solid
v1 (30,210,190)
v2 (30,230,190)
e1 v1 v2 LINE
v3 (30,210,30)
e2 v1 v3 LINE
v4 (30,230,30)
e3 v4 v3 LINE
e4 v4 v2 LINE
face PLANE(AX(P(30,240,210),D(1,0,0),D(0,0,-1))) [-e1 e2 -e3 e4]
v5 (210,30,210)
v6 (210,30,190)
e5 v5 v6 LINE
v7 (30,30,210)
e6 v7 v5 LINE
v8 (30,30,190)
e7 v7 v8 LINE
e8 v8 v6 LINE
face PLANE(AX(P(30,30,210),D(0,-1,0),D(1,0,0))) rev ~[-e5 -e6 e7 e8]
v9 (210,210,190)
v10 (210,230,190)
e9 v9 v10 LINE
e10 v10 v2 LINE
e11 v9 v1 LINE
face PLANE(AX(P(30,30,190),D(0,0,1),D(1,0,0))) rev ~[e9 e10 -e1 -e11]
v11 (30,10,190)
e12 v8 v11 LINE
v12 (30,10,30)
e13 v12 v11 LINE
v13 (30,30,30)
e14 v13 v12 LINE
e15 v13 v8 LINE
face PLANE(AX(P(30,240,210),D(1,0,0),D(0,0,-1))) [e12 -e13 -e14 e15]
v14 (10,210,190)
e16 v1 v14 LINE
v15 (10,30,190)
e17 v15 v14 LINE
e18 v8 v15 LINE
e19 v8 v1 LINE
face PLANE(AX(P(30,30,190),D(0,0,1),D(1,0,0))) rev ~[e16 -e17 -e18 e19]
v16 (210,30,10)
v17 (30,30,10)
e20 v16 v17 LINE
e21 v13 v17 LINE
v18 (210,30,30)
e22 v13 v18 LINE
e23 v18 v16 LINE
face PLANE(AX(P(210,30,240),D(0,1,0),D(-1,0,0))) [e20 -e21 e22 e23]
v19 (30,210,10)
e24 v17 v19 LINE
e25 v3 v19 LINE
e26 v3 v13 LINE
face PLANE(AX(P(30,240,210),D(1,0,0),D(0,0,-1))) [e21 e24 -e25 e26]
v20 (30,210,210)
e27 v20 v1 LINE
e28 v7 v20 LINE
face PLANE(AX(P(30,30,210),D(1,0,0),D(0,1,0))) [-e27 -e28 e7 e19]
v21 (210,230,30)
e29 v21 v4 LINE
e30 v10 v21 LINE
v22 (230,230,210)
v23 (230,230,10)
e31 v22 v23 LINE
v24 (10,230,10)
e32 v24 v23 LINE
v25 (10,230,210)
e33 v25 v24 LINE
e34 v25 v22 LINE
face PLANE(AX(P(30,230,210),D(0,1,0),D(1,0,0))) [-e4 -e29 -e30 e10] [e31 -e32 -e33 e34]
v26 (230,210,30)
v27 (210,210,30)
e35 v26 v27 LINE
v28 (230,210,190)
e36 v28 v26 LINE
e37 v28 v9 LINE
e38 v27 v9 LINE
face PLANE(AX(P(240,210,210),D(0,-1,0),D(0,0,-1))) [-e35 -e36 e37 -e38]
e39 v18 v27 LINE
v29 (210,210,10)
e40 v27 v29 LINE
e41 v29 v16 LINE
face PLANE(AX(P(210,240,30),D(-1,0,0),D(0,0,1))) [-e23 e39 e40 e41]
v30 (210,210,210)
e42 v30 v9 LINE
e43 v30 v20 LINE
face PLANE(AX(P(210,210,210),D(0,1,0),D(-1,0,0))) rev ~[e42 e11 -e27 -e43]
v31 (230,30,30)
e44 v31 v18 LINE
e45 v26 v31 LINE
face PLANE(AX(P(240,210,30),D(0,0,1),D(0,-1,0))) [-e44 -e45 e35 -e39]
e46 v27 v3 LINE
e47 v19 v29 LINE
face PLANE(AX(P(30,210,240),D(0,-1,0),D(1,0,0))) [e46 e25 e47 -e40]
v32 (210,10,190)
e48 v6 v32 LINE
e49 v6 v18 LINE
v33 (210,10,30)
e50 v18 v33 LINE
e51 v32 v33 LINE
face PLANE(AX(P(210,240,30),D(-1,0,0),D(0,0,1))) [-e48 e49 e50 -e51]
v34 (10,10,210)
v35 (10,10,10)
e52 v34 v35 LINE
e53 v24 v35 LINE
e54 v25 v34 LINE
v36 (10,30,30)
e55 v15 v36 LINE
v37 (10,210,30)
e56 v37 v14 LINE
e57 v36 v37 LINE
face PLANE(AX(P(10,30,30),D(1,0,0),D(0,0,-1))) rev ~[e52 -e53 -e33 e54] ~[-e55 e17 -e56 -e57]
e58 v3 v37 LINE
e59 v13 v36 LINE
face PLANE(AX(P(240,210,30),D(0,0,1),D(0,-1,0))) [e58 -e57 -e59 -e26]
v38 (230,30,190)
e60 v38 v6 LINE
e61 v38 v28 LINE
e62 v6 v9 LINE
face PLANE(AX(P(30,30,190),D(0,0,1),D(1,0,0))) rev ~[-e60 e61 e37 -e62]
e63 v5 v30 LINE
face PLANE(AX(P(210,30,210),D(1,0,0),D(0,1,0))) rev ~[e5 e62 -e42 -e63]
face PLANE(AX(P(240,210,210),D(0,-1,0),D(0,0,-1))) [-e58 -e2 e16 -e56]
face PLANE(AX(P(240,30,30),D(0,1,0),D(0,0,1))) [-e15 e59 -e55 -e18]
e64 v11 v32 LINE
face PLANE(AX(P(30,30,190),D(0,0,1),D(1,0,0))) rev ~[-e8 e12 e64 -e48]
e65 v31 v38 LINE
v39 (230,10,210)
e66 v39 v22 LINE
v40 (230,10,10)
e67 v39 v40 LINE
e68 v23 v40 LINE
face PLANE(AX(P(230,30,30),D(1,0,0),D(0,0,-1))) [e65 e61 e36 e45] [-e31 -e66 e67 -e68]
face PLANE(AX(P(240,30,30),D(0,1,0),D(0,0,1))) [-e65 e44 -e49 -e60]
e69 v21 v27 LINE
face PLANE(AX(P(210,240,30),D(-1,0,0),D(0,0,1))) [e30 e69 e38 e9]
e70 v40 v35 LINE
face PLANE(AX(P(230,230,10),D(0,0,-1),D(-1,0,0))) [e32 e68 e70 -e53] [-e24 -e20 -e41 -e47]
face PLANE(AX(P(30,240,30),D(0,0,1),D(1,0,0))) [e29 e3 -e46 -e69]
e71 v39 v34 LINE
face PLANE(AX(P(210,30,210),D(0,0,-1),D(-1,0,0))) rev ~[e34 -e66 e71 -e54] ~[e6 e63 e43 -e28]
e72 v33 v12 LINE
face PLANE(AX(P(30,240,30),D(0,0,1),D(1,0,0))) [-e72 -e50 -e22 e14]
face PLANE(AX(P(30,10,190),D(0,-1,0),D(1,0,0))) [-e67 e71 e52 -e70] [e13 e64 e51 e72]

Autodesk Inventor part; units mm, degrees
ref_plane "YZ Plane" through (0, 0, 0) normal (1, 0, 0) x (0, 1, 0)
ref_plane "XZ Plane" through (0, 0, 0) normal (0, 1, 0) x (-1, 0, 0)
ref_plane "XY Plane" through (0, 0, 0) normal (0, 0, 1) x (1, 0, 0)
sketch "Sketch1" plane through (0, 0, 0) normal (0, 0, 1) x (1, 0, 0)
  line L0 (0, 0) -> (240, 0)
  line L1 (240, 0) -> (240, 240)
  line L2 (240, 240) -> (0, 240)
  line L3 (0, 240) -> (0, 0)
  dimension "d0" = 240
  dimension "d1" = 240
extrude "Extrusion1" add sketch "Sketch1" along normal blind 240
sketch "Sketch2" plane through (0, 0, 240) normal (0, 0, 1) x (1, 0, 0)
  line L0 (30, 210) -> (210, 210)
  line L1 (210, 210) -> (210, 30)
  line L2 (210, 30) -> (30, 30)
  line L3 (30, 30) -> (30, 210)
  line L4 (240, 240) -> (0, 240) projected
  line L5 (0, 240) -> (0, 0) projected
  line L6 (240, 0) -> (240, 240) projected
  line L7 (0, 0) -> (240, 0) projected
  dimension "d4" = 30
  dimension "d5" = 30
  dimension "d6" = 30
  dimension "d7" = 30
extrude "Extrusion2" cut sketch "Sketch2" against normal blind 500 contours L0 L1 L2 L3
sketch "Sketch3" plane through (0, 240, 0) normal (0, 1, 0) x (1, 0, 0)
  line L0 (30, -30) -> (210, -30)
  line L1 (210, -30) -> (210, -210)
  line L2 (210, -210) -> (30, -210)
  line L3 (30, -210) -> (30, -30)
  line L4 (240, 0) -> (0, 0) projected
  line L5 (0, 0) -> (0, -240) projected
  line L6 (240, 0) -> (240, -240) projected
  line L7 (240, -240) -> (0, -240) projected
  dimension "d10" = 30
  dimension "d11" = 30
  dimension "d12" = 30
  dimension "d13" = 30
extrude "Extrusion3" cut sketch "Sketch3" against normal blind 500 contours L0 L1 L2 L3
sketch "Sketch4" plane through (240, 0, 0) normal (1, 0, 0) x (0, 0, -1)
  line L0 (-240, 210) -> (-210, 210) projected
  line L1 (-30, 30) -> (-30, 0) projected
  line L2 (-210, 210) -> (-30, 210)
  line L3 (-30, 210) -> (-30, 30)
  line L4 (-30, 30) -> (-210, 30)
  line L5 (-210, 30) -> (-210, 210)
  point P0 (0, 0)
extrude "Extrusion4" cut sketch "Sketch4" against normal blind 500
sketch "Sketch5" plane through (0, 0, 240) normal (0, 0, 1) x (1, 0, 0)
  line L0 (0, 0) -> (240, 0) projected
  line L1 (240, 240) -> (0, 240) projected
  line L2 (0, 0) -> (10, 0)
  line L3 (10, 0) -> (10, 240)
  line L4 (10, 240) -> (0, 240)
  line L5 (0, 240) -> (0, 0)
  line L6 (10, 240) -> (240, 240)
  line L7 (240, 240) -> (240, 230)
  line L8 (240, 230) -> (10, 230)
  line L9 (10, 230) -> (10, 240)
  line L10 (10, 0) -> (240, 0)
  line L11 (240, 0) -> (240, 10)
  line L12 (240, 10) -> (10, 10)
  line L13 (10, 10) -> (10, 0)
  line L14 (240, 230) -> (230, 230)
  line L15 (230, 230) -> (230, 10)
  line L16 (230, 10) -> (240, 10)
  line L17 (240, 10) -> (240, 230)
  dimension "d18" = 10
  dimension "d19" = 10
  dimension "d20" = 10
  dimension "d21" = 10
extrude "Extrusion5" cut sketch "Sketch5" against normal blind 900 contours L5 L1 L3 L0 | L3 L12 L11 L0 | L1 L7 L8 L3 | L12 L15 L8 L17
sketch "Sketch6" plane through (10, 230, 240) normal (0, 1, 0) x (1, 0, 0)
  line L0 (0, 240) -> (220.3242, 240)
  line L1 (220.3242, 240) -> (220.3242, 230)
  line L2 (220.3242, 230) -> (0, 230)
  line L3 (0, 230) -> (0, 240)
  line L4 (0, 0) -> (220, 0) projected
  line L5 (220, 0) -> (220, 240) projected
  line L6 (0, 0) -> (220, 0)
  line L7 (220, 0) -> (220, 10)
  line L8 (220, 10) -> (0, 10)
  line L9 (0, 10) -> (0, 0)
  point P0 (-10, 240)
  dimension "d24" = 10
  dimension "d25" = 10
extrude "Extrusion6" cut sketch "Sketch6" against normal blind 900
sketch "Sketch10" plane through (10, 230, 230) normal (0, 1, 0) x (1, 0, 0)
  line L0 (0, 0) -> (0, 220) projected
  line L1 (220, 20) -> (200, 20) projected
  line L2 (0, 0) -> (220, 0)
  line L3 (220, 0) -> (220, 20)
  line L4 (220, 20) -> (0, 20)
  line L5 (0, 20) -> (0, 0)
  point P0 (-10, 230)
extrude "Extrusion7" cut sketch "Sketch10" against normal blind 900
sketch "Sketch11" plane through (230, 30, 30) normal (1, 0, 0) x (0, 0, -1)
  line L0 (-180, 0) -> (0, 0) projected
  line L1 (0, 180) -> (-180, 180) projected
  line L2 (-180, 0) -> (-160, 0)
  line L3 (-160, 0) -> (-160, 180)
  line L4 (-160, 180) -> (-180, 180)
  line L5 (-180, 180) -> (-180, 0)
  point P0 (30, -30)
  dimension "d31" = 20
extrude "Extrusion8" add sketch "Sketch11" against normal blind 220
sketch "Sketch12" plane through (30, 210, 210) normal (0, 1, 0) x (1, 0, 0)
  line L0 (180, 180) -> (180, 20) projected
  line L1 (0, 0) -> (180, 0)
  line L2 (180, 0) -> (180, 20)
  line L3 (180, 20) -> (0, 20)
  line L4 (0, 20) -> (0, 0)
  point P0 (-30, 210)
extrude "Extrusion9" add sketch "Sketch12" along normal blind 20
sketch "Sketch13" plane through (30, 30, 190) normal (0, -1, 0) x (1, 0, 0)
  line L0 (0, 0) -> (-20, 0) projected
  line L1 (180, 20) -> (0, 20)
  line L2 (0, 20) -> (0, 0)
  line L3 (0, 0) -> (180, 0)
  line L4 (180, 0) -> (180, 20)
  point P0 (-30, -190)
extrude "Extrusion10" add sketch "Sketch13" along normal blind 20
sketch "Sketch14" plane through (10, 230, 210) normal (0, 0, 1) x (1, 0, 0)
  line L0 (220, -20) -> (200, -20) projected
  line L1 (20, -200) -> (20, -20) projected
  line L2 (200, -20) -> (20, -20)
  line L3 (20, -20) -> (20, -200)
  line L4 (20, -200) -> (200, -200)
  line L5 (200, -200) -> (200, -20)
  point P0 (-10, -230)
extrude "Extrusion11" cut sketch "Sketch14" against normal blind 20
properties part number "Gearbox Housing"
